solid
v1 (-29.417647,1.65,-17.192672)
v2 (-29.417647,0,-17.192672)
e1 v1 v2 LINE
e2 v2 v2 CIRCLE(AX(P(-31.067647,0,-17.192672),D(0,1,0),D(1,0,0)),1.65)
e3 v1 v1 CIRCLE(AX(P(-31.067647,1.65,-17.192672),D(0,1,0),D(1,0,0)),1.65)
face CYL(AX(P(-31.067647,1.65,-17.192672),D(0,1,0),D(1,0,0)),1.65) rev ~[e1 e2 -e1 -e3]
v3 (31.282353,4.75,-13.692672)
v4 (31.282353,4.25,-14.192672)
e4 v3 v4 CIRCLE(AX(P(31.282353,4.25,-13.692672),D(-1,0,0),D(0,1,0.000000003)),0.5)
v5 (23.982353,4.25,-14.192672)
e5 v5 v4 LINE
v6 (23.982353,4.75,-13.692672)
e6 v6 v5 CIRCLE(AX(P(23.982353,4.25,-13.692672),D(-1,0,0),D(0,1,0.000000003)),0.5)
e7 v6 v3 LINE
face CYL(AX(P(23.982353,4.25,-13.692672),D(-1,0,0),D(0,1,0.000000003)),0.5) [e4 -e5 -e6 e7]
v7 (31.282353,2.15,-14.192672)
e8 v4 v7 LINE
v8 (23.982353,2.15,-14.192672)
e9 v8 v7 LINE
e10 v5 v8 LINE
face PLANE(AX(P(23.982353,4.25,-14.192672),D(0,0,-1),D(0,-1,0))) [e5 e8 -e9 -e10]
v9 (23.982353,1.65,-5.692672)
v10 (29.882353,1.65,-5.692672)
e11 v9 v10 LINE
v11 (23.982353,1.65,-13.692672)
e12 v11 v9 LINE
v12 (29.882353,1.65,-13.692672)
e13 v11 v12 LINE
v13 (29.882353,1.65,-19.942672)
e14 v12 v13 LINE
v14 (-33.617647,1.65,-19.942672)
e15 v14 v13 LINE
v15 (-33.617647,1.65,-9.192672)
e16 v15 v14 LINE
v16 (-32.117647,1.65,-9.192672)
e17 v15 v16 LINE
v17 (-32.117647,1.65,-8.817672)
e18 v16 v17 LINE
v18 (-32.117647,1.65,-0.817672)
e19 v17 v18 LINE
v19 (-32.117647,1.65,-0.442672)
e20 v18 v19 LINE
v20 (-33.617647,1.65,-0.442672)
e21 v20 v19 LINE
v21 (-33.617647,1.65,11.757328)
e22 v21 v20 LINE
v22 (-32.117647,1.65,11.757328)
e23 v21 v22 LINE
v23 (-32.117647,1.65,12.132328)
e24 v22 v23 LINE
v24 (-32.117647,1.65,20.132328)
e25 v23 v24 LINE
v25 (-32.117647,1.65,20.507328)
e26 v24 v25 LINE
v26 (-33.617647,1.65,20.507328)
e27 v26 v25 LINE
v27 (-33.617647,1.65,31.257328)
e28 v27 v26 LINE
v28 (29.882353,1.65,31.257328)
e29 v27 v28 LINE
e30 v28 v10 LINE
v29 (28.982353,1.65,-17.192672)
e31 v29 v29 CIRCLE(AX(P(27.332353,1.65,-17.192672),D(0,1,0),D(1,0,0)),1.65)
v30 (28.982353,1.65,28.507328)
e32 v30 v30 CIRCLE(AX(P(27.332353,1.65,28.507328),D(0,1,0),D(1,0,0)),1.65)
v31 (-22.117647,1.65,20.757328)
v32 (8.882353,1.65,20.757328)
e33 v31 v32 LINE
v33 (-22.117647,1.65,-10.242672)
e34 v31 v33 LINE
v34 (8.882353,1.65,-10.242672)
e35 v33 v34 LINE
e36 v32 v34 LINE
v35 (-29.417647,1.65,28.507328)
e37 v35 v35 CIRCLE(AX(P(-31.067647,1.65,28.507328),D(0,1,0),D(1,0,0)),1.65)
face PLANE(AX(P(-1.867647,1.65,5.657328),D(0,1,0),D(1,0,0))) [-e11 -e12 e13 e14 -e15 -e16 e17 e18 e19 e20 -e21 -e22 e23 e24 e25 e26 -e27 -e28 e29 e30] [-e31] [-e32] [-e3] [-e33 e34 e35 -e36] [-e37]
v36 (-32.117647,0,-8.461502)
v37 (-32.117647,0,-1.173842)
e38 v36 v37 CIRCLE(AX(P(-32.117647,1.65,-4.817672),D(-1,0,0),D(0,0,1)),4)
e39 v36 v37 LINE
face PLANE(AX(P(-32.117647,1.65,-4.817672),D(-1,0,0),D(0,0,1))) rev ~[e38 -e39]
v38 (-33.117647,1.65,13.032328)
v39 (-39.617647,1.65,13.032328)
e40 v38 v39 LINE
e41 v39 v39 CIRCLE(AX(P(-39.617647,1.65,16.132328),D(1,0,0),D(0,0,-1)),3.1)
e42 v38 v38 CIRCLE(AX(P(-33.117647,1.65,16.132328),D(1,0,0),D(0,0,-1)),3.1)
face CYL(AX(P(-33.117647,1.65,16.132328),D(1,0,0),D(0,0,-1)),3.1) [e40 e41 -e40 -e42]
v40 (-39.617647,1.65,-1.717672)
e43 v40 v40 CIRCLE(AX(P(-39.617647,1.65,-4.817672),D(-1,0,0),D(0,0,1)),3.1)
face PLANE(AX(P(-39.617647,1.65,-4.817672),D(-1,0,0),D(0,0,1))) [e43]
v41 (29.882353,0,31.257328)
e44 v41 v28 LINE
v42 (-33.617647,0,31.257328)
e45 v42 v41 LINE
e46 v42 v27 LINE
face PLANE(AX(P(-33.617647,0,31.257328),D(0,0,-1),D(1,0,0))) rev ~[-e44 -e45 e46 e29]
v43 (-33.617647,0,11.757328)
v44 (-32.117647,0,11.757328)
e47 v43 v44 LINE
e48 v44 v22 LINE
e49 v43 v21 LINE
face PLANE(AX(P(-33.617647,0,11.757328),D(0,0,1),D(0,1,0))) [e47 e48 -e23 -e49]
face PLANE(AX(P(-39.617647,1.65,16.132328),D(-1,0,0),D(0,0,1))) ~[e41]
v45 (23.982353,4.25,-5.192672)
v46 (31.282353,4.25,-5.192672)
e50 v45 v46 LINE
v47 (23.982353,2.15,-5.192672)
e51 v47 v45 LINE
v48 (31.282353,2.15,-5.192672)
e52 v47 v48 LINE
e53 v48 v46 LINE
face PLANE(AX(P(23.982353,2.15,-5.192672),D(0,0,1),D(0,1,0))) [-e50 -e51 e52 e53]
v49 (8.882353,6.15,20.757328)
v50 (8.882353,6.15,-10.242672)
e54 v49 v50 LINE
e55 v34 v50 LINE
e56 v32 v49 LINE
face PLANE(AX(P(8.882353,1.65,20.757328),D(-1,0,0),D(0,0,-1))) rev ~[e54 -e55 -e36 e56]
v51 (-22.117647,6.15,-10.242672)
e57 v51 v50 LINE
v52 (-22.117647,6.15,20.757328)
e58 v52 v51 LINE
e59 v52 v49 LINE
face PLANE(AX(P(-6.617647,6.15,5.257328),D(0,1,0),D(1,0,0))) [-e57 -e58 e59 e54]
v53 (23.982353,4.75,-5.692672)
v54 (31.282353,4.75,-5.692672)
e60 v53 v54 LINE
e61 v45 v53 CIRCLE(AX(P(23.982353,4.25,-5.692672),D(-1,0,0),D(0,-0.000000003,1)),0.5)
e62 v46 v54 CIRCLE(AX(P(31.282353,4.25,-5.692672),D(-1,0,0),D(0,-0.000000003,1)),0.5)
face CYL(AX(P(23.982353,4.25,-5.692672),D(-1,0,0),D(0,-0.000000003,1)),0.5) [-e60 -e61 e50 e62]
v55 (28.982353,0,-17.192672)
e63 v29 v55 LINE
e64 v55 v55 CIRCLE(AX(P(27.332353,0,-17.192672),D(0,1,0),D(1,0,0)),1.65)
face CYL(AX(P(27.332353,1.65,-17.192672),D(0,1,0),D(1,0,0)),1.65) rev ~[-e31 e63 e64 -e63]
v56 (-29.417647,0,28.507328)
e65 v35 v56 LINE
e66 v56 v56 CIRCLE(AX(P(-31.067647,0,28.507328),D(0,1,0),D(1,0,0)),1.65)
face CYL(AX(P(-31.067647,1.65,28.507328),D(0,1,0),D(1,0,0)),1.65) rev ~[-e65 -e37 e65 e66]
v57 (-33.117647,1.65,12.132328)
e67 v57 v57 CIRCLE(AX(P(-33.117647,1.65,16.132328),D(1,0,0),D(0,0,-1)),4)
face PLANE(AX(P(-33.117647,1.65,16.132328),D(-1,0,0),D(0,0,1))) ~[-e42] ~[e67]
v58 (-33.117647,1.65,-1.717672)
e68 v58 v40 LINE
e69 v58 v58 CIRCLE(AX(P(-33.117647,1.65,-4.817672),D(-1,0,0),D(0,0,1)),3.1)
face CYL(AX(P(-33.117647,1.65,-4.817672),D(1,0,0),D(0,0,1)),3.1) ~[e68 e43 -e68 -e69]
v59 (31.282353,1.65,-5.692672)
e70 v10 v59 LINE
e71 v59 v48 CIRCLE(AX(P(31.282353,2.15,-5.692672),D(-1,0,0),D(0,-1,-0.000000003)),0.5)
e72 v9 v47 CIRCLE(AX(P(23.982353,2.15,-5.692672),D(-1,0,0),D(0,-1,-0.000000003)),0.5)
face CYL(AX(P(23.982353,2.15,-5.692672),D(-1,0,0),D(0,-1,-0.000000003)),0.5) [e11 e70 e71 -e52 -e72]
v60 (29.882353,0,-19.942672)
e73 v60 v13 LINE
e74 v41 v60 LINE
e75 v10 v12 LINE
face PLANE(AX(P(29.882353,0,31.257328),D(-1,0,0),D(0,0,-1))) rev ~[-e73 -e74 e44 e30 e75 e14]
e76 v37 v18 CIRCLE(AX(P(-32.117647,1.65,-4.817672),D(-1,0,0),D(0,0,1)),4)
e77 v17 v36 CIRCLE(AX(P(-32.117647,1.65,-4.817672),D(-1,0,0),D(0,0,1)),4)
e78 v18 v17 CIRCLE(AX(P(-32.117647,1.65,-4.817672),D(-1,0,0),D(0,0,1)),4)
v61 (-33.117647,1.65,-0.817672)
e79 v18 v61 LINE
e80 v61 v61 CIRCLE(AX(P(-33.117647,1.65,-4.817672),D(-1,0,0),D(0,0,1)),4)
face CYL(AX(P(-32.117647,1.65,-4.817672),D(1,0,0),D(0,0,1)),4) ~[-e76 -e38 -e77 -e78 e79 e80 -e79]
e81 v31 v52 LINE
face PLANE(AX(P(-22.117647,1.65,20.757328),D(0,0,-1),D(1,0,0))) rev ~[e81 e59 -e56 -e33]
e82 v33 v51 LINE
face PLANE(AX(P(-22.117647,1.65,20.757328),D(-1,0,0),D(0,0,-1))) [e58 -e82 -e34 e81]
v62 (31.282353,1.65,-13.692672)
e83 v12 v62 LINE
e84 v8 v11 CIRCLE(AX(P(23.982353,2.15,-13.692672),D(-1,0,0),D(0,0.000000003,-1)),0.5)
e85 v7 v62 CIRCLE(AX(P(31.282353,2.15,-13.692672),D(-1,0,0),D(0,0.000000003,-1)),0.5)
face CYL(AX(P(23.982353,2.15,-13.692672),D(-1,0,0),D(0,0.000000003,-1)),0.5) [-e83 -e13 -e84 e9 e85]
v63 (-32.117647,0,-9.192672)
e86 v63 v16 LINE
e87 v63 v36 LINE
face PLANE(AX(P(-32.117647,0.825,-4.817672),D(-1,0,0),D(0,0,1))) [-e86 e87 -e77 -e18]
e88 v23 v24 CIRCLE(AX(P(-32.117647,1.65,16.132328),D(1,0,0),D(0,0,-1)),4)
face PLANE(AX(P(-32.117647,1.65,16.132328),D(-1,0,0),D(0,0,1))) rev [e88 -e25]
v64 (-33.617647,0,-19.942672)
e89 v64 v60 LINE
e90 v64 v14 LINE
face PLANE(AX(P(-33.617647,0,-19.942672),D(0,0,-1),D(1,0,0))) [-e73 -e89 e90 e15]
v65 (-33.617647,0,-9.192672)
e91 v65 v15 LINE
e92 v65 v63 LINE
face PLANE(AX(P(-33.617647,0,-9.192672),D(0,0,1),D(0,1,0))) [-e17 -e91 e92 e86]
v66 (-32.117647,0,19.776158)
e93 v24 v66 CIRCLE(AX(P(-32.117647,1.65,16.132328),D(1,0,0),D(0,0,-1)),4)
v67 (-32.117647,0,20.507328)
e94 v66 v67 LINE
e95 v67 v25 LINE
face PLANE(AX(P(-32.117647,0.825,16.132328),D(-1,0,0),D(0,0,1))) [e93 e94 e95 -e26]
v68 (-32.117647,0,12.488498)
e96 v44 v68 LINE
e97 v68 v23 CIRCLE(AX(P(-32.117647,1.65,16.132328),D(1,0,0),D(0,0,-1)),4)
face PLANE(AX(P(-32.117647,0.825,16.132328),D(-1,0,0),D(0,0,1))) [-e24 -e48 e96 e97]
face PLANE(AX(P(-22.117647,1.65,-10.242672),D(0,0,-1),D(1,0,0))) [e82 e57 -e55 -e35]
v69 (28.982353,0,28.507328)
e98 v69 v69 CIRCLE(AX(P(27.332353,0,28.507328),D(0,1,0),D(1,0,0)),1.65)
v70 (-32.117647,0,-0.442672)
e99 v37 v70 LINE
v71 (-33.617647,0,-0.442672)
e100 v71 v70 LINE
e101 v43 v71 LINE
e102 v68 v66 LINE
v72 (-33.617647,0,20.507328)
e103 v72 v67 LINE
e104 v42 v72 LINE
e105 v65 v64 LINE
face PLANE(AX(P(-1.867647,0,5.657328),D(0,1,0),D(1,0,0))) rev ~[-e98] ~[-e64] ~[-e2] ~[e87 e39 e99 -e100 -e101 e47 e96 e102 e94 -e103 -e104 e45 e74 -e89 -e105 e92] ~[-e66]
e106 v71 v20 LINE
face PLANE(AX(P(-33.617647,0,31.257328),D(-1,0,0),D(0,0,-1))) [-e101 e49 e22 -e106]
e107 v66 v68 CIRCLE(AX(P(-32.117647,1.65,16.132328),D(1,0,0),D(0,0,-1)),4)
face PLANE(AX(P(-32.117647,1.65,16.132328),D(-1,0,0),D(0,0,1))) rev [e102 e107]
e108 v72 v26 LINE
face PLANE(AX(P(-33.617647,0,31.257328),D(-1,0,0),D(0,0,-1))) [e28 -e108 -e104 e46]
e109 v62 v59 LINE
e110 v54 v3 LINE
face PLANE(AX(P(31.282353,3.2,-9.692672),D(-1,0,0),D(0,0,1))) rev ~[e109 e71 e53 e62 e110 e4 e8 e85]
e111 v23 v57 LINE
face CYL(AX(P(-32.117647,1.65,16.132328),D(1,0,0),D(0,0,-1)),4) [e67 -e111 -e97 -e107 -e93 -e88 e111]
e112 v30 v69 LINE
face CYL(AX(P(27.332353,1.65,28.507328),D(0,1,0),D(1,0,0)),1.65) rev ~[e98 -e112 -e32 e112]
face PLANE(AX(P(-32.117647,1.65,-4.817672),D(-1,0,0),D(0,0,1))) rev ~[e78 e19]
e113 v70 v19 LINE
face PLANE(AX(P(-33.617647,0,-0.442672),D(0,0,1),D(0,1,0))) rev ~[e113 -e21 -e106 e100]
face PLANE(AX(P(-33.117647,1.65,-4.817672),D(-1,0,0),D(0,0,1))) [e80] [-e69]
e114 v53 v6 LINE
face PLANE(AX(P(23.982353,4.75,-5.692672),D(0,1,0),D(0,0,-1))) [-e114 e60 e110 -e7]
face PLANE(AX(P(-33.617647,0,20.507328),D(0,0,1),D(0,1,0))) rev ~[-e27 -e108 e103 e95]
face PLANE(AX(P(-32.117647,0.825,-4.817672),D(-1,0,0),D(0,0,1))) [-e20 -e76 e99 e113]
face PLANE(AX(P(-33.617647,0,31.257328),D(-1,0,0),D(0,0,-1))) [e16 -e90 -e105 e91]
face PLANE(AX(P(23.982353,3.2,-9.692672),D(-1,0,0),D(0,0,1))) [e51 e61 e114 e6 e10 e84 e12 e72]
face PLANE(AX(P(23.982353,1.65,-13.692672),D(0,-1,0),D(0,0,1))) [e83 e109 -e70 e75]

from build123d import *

# Parameters (mm, degrees)
SKETCH1_W               = 63.5
SKETCH1_H               = 51.2
BOSS_EXTRUDE1_DEPTH     = 1.65
SKETCH2_W               = 31
SKETCH2_H               = 31
BOSS_EXTRUDE2_DEPTH     = 4.5
SKETCH3_W               = 8.75
SKETCH3_H               = 1.65
CUT_EXTRUDE1_DEPTH      = 1.5
SKETCH4_R               = 4
BOSS_EXTRUDE3_DEPTH     = 1
SKETCH5_R               = 3.1
BOSS_EXTRUDE4_DEPTH     = 6.5
SKETCH6_R               = 1.65
CUT_EXTRUDE2_DEPTH      = 5.5
CUT_EXTRUDE2_DEPTH_BACK = 1.65
BOSS_EXTRUDE5_DEPTH     = 7.3


with BuildPart() as part:
    # Sketch1 → Boss-Extrude1 (new body)
    with BuildSketch(Plane(origin=(0, 0, 0), x_dir=(1, 0, 0), z_dir=(0, 1, 0))):
        with Locations((-1.867647059, -5.657328016)):
            Rectangle(SKETCH1_W, SKETCH1_H)
    extrude(amount=BOSS_EXTRUDE1_DEPTH)

    # Sketch2 → Boss-Extrude2 (add)
    with BuildSketch(Plane(origin=(0, 1.65, 0), x_dir=(1, 0, 0), z_dir=(0, 1, 0))):
        with Locations((-6.617647059, -5.257328016)):
            Rectangle(SKETCH2_W, SKETCH2_H)
    extrude(amount=BOSS_EXTRUDE2_DEPTH)

    # Sketch3 → Cut-Extrude1 (cut)
    with BuildSketch(Plane.ZY.offset(33.617647059)):
        with Locations((-4.817671984, 0.825)):
            Rectangle(SKETCH3_W, SKETCH3_H)
        with Locations((16.132328016, 0.825)):
            Rectangle(SKETCH3_W, SKETCH3_H)
    extrude(amount=-CUT_EXTRUDE1_DEPTH, mode=Mode.SUBTRACT)

    # Sketch4 → Boss-Extrude3 (add)
    with BuildSketch(Plane.ZY.offset(32.117647059)):
        with Locations((-4.817671984, 1.65)):
            Circle(SKETCH4_R)
    boss_extrude3 = extrude(amount=BOSS_EXTRUDE3_DEPTH)

    # Sketch5 → Boss-Extrude4 (add)
    with BuildSketch(Plane.ZY.offset(33.117647059)):
        with Locations((-4.817671984, 1.65)):
            Circle(SKETCH5_R)
    boss_extrude4 = extrude(amount=BOSS_EXTRUDE4_DEPTH)

    # Mirror1: Boss-Extrude3, Boss-Extrude4 across plane
    add(boss_extrude3.mirror(Plane(origin=(0, 0, 5.657328016), x_dir=(1, 0, 0), z_dir=(0, 0, -1))))
    add(boss_extrude4.mirror(Plane(origin=(0, 0, 5.657328016), x_dir=(1, 0, 0), z_dir=(0, 0, -1))))

    # Sketch6 → Cut-Extrude2 (cut, two sides)
    with BuildSketch(Plane(origin=(0, 1.65, 0), x_dir=(1, 0, 0), z_dir=(0, 1, 0))) as cut_extrude2_sk:
        with Locations((-31.067647059, 17.192671984)):
            Circle(SKETCH6_R)
        with Locations((-31.067647059, -28.507328016)):
            Circle(SKETCH6_R)
        with Locations((27.332352941, -28.507328016)):
            Circle(SKETCH6_R)
        with Locations((27.332352941, 17.192671984)):
            Circle(SKETCH6_R)
    extrude(amount=CUT_EXTRUDE2_DEPTH, mode=Mode.SUBTRACT)
    extrude(cut_extrude2_sk.sketch, amount=-CUT_EXTRUDE2_DEPTH_BACK, mode=Mode.SUBTRACT)

    # Sketch7 → Boss-Extrude5 (add)
    with BuildSketch(Plane(origin=(23.982352941, 0, 0), x_dir=(0, 0, -1), z_dir=(1, 0, 0))):
        with BuildLine():
            Line((13.692671984, 1.65), (5.692671984, 1.65))
            ThreePointArc((5.692671984, 1.65), (5.339118593, 1.796446609), (5.192671984, 2.15))
            Line((5.192671984, 2.15), (5.192671984, 4.25))
            ThreePointArc((5.192671984, 4.25), (5.339118593, 4.603553391), (5.692671984, 4.75))
            Line((5.692671984, 4.75), (13.692671984, 4.75))
            ThreePointArc((13.692671984, 4.75), (14.046225375, 4.603553391), (14.192671984, 4.25))
            Line((14.192671984, 4.25), (14.192671984, 2.15))
            ThreePointArc((14.192671984, 2.15), (14.046225375, 1.796446609), (13.692671984, 1.65))
        make_face()
    extrude(amount=BOSS_EXTRUDE5_DEPTH)


solid = part.part
